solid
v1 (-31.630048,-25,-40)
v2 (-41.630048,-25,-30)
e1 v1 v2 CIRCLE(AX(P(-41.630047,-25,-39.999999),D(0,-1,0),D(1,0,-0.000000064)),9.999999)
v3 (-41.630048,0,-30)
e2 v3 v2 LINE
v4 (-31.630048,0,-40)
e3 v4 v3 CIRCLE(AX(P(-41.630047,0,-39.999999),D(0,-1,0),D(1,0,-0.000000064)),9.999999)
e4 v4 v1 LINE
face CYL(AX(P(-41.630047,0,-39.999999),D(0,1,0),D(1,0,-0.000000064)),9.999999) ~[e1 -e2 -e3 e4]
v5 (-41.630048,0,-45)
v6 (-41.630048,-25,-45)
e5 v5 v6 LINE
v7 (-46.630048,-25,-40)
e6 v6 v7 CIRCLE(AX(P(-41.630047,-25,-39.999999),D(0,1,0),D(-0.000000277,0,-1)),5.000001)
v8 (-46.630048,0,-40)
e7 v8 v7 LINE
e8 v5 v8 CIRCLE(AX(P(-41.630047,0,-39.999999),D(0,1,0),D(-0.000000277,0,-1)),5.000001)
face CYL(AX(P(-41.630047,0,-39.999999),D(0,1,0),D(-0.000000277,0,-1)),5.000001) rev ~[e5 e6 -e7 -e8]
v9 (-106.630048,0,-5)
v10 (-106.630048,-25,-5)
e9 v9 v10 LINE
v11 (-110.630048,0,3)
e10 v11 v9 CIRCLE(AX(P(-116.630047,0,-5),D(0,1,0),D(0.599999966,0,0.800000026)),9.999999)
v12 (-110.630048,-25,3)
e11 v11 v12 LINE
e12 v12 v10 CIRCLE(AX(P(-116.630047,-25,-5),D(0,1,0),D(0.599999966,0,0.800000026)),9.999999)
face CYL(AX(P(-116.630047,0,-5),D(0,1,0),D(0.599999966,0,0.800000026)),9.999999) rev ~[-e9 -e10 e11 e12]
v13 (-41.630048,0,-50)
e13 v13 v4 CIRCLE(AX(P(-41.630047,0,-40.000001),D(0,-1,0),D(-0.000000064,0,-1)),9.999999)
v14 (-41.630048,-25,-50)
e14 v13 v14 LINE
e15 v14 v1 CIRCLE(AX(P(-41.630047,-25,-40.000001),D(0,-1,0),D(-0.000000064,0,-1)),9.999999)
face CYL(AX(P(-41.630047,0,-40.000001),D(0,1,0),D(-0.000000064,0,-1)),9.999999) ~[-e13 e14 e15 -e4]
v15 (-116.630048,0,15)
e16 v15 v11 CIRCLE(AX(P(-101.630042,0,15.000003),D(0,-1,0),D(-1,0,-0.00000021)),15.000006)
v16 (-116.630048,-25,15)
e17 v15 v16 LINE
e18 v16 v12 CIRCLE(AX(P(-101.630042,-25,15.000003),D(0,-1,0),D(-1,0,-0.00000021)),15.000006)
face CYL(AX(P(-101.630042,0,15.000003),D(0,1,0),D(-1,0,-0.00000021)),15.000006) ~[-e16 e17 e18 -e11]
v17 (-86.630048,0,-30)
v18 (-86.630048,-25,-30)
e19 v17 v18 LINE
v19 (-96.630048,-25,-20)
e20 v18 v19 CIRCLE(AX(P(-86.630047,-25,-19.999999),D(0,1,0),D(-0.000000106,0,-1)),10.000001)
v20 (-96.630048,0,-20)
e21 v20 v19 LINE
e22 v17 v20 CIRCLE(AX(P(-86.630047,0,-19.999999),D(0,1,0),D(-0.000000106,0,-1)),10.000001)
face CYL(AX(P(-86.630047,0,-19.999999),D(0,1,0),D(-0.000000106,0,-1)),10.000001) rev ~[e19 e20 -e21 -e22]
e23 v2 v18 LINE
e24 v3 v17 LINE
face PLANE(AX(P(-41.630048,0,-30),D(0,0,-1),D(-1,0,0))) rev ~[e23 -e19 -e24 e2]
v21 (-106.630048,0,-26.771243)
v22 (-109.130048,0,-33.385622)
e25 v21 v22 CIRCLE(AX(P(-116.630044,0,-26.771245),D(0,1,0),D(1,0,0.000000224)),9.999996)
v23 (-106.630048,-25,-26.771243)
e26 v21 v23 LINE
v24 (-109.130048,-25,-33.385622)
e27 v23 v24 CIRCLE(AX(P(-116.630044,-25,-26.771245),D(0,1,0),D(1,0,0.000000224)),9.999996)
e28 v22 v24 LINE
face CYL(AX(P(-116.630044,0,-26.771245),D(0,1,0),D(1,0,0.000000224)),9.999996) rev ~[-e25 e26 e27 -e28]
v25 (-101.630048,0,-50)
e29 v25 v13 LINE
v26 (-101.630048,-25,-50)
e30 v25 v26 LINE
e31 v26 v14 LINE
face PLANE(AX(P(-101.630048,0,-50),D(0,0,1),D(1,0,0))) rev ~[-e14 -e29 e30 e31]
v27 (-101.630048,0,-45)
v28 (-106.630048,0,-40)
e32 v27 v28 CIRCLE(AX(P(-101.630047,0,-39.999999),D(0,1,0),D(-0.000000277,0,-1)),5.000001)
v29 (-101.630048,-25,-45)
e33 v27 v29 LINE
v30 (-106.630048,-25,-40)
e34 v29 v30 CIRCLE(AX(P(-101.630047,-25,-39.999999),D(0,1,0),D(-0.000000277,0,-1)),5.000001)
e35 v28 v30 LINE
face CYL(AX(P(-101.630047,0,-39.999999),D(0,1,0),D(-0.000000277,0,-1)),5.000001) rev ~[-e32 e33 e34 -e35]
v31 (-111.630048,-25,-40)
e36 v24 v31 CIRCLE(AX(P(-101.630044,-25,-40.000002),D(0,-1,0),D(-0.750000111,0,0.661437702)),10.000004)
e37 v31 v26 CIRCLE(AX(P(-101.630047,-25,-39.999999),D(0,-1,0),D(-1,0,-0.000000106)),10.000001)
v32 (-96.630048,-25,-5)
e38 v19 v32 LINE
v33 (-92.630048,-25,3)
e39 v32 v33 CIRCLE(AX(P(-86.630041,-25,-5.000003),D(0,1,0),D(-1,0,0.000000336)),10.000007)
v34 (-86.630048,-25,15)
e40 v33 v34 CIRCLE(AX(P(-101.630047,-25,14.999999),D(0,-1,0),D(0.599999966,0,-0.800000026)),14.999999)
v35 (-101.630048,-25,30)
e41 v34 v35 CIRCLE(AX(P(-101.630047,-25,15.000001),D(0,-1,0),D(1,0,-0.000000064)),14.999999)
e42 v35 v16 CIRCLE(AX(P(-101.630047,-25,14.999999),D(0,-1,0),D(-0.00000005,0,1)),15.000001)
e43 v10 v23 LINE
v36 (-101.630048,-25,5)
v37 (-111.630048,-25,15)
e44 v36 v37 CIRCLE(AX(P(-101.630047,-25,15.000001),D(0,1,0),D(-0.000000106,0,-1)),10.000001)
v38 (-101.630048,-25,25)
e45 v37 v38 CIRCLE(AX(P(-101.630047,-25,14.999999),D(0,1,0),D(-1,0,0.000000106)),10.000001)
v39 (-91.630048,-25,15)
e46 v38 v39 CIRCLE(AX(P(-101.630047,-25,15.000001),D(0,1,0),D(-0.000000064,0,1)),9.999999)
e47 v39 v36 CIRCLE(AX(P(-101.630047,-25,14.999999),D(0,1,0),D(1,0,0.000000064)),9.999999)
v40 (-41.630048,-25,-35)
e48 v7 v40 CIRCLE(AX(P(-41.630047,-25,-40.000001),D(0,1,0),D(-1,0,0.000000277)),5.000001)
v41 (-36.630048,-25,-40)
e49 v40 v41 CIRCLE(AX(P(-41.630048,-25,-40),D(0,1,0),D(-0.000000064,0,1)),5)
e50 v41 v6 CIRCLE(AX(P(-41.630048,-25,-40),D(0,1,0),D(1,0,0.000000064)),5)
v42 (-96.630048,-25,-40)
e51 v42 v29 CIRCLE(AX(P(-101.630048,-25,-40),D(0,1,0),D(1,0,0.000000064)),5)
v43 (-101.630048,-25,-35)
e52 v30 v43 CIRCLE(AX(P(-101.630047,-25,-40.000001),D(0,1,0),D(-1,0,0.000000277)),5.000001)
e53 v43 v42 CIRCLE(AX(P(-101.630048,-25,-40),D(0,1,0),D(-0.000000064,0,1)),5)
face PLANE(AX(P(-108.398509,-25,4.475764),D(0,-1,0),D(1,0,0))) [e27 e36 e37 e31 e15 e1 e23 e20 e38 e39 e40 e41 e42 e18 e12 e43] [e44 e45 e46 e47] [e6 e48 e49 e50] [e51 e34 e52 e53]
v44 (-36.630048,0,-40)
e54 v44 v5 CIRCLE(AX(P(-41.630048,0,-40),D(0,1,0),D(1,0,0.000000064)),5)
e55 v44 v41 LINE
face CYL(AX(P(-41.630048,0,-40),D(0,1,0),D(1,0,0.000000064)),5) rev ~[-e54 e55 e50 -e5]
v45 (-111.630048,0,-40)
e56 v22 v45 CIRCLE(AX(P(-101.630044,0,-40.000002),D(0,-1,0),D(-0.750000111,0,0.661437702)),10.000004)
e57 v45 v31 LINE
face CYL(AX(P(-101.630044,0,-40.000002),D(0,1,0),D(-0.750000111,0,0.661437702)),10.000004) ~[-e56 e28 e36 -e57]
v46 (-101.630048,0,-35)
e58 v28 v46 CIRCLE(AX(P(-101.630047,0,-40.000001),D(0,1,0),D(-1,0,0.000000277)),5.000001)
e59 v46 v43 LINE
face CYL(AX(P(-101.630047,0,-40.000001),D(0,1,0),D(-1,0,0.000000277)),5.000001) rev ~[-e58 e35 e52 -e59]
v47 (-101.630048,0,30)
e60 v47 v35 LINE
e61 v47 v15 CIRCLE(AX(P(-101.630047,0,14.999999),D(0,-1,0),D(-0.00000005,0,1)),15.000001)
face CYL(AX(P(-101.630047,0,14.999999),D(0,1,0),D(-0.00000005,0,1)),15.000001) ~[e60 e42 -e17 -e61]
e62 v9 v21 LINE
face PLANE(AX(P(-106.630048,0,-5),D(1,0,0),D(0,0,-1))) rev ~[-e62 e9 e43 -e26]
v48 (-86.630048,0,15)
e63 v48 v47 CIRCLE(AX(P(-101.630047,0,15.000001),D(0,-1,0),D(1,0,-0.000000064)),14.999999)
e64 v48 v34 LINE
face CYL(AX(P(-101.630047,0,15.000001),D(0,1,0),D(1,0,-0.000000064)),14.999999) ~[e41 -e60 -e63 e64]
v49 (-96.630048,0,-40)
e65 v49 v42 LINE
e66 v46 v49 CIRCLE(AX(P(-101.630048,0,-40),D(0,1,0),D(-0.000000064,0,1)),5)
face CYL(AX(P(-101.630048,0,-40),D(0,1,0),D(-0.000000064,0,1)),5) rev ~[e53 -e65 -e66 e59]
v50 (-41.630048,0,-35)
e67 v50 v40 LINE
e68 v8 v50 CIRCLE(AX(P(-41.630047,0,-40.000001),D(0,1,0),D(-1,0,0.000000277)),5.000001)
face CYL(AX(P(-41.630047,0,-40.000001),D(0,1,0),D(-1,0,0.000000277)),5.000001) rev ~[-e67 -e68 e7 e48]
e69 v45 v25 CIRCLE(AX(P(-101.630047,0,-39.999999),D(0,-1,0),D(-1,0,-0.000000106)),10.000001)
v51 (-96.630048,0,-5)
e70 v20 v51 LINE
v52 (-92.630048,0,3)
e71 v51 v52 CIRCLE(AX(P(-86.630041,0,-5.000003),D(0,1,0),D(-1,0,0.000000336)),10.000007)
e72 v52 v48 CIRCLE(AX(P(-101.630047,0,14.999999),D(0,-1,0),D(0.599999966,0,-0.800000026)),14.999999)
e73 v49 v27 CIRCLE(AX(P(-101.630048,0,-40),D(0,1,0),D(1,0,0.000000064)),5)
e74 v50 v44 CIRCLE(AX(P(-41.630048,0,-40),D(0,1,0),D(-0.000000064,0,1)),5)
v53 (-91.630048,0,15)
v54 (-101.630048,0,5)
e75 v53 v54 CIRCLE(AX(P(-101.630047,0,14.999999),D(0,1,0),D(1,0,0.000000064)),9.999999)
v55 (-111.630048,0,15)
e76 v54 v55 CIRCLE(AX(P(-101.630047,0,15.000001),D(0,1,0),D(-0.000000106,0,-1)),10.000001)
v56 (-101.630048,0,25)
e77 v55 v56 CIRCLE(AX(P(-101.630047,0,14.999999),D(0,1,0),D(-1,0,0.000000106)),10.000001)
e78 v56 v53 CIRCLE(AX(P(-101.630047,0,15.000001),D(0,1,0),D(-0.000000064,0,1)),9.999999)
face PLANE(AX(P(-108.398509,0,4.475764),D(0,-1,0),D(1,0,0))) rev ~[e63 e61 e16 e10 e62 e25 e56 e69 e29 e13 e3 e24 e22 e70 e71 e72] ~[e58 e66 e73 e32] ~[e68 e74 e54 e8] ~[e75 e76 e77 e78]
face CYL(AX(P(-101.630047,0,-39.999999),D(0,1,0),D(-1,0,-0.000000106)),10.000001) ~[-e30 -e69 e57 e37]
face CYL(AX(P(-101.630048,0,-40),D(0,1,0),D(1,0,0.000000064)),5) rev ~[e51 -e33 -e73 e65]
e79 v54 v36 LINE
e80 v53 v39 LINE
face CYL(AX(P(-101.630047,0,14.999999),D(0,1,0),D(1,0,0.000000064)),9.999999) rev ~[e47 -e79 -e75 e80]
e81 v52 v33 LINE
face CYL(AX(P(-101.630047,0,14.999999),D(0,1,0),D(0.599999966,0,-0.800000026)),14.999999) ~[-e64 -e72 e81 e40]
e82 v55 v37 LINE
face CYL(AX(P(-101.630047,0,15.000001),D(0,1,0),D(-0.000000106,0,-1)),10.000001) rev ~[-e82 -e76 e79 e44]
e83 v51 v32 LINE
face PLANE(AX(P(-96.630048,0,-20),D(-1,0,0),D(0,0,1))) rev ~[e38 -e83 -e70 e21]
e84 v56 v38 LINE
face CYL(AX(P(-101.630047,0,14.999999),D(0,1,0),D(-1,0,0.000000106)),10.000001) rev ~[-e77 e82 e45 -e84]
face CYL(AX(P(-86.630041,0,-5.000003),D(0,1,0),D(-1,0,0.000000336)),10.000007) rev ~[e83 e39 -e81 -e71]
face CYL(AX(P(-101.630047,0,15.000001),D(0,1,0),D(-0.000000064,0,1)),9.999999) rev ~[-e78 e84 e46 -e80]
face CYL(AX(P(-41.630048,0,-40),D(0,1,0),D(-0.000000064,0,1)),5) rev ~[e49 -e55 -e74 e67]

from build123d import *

# Parameters (mm, degrees)
F1_DEPTH = 25


with BuildPart() as f1:
    # F0 (on Front) → F1 (new body)
    with BuildSketch(Plane.XZ):
        with BuildLine():
            Line((-106.630048, -6.426643), (-101.630048, -6.426643))
            Line((-101.630048, -6.426643), (-101.630048, 5))
            ThreePointArc((-101.630048, 5), (-108.701115, 7.928932), (-111.630048, 15))
            Line((-111.630048, 15), (-116.630048, 15))
            ThreePointArc((-116.630048, 15), (-115.046455, 8.291796), (-110.630048, 3))
            ThreePointArc((-110.630048, 3), (-107.685776, -0.527864), (-106.630048, -5))
            Line((-106.630048, -5), (-106.630048, -6.426643))
        make_face()
        with BuildLine():
            Line((-101.630048, 5), (-101.630048, -6.426643))
            Line((-101.630048, -6.426643), (-96.630048, -6.426643))
            Line((-96.630048, -6.426643), (-96.630048, -5))
            ThreePointArc((-96.630048, -5), (-95.574319, -0.527864), (-92.630048, 3))
            ThreePointArc((-92.630048, 3), (-88.21364, 8.291796), (-86.630048, 15))
            Line((-86.630048, 15), (-91.630048, 15))
            ThreePointArc((-91.630048, 15), (-94.55898, 7.928932), (-101.630048, 5))
        make_face()
        with BuildLine():
            ThreePointArc((-101.630048, 25), (-94.55898, 22.071068), (-91.630048, 15))
            Line((-91.630048, 15), (-86.630048, 15))
            ThreePointArc((-86.630048, 15), (-91.023446, 25.606602), (-101.630048, 30))
            Line((-101.630048, 30), (-101.630048, 25))
        make_face()
        with BuildLine():
            Line((-116.630048, 15), (-111.630048, 15))
            ThreePointArc((-111.630048, 15), (-108.701115, 22.071068), (-101.630048, 25))
            Line((-101.630048, 25), (-101.630048, 30))
            ThreePointArc((-101.630048, 30), (-112.236649, 25.606602), (-116.630048, 15))
        make_face()
        with BuildLine():
            Line((-96.630048, -6.426643), (-101.630048, -6.426643))
            Line((-101.630048, -6.426643), (-101.630048, -30))
            Line((-101.630048, -30), (-101.630048, -35))
            ThreePointArc((-101.630048, -35), (-98.094514, -36.464466), (-96.630048, -40))
            Line((-96.630048, -40), (-91.630048, -40))
            Line((-91.630048, -40), (-91.630048, -30))
            Line((-91.630048, -30), (-86.630048, -30))
            ThreePointArc((-86.630048, -30), (-93.701115, -27.071068), (-96.630048, -20))
            Line((-96.630048, -20), (-96.630048, -6.426643))
        make_face()
        with BuildLine():
            Line((-101.630048, -30), (-101.630048, -6.426643))
            Line((-101.630048, -6.426643), (-106.630048, -6.426643))
            Line((-106.630048, -6.426643), (-106.630048, -26.771243))
            ThreePointArc((-106.630048, -26.771243), (-107.275904, -30.306777), (-109.130048, -33.385622))
            ThreePointArc((-109.130048, -33.385622), (-110.984191, -36.464466), (-111.630048, -40))
            Line((-111.630048, -40), (-106.630048, -40))
            ThreePointArc((-106.630048, -40), (-105.165581, -36.464466), (-101.630048, -35))
            Line((-101.630048, -35), (-101.630048, -30))
        make_face()
        with BuildLine():
            ThreePointArc((-101.630048, -45), (-105.165581, -43.535534), (-106.630048, -40))
            Line((-106.630048, -40), (-111.630048, -40))
            ThreePointArc((-111.630048, -40), (-108.701115, -47.071068), (-101.630048, -50))
            Line((-101.630048, -50), (-101.630048, -45))
        make_face()
        with BuildLine():
            Line((-91.630048, -40), (-96.630048, -40))
            ThreePointArc((-96.630048, -40), (-98.094514, -43.535534), (-101.630048, -45))
            Line((-101.630048, -45), (-101.630048, -50))
            Line((-101.630048, -50), (-91.630048, -50))
            Line((-91.630048, -50), (-91.630048, -40))
        make_face()
        with BuildLine():
            Line((-46.630048, -40), (-91.630048, -40))
            Line((-91.630048, -40), (-91.630048, -50))
            Line((-91.630048, -50), (-41.630048, -50))
            Line((-41.630048, -50), (-41.630048, -45))
            ThreePointArc((-41.630048, -45), (-45.165581, -43.535534), (-46.630048, -40))
        make_face()
        with BuildLine():
            Line((-41.630048, -30), (-86.630048, -30))
            Line((-86.630048, -30), (-91.630048, -30))
            Line((-91.630048, -30), (-91.630048, -40))
            Line((-91.630048, -40), (-46.630048, -40))
            ThreePointArc((-46.630048, -40), (-45.165581, -36.464466), (-41.630048, -35))
            Line((-41.630048, -35), (-41.630048, -30))
        make_face()
        with BuildLine():
            ThreePointArc((-41.630048, -50), (-34.55898, -47.071068), (-31.630048, -40))
            Line((-31.630048, -40), (-36.630048, -40))
            ThreePointArc((-36.630048, -40), (-38.094514, -43.535534), (-41.630048, -45))
            Line((-41.630048, -45), (-41.630048, -50))
        make_face()
        with BuildLine():
            ThreePointArc((-31.630048, -40), (-34.55898, -32.928932), (-41.630048, -30))
            Line((-41.630048, -30), (-41.630048, -35))
            ThreePointArc((-41.630048, -35), (-38.094514, -36.464466), (-36.630048, -40))
            Line((-36.630048, -40), (-31.630048, -40))
        make_face()
    extrude(amount=F1_DEPTH)


solid = f1.part
